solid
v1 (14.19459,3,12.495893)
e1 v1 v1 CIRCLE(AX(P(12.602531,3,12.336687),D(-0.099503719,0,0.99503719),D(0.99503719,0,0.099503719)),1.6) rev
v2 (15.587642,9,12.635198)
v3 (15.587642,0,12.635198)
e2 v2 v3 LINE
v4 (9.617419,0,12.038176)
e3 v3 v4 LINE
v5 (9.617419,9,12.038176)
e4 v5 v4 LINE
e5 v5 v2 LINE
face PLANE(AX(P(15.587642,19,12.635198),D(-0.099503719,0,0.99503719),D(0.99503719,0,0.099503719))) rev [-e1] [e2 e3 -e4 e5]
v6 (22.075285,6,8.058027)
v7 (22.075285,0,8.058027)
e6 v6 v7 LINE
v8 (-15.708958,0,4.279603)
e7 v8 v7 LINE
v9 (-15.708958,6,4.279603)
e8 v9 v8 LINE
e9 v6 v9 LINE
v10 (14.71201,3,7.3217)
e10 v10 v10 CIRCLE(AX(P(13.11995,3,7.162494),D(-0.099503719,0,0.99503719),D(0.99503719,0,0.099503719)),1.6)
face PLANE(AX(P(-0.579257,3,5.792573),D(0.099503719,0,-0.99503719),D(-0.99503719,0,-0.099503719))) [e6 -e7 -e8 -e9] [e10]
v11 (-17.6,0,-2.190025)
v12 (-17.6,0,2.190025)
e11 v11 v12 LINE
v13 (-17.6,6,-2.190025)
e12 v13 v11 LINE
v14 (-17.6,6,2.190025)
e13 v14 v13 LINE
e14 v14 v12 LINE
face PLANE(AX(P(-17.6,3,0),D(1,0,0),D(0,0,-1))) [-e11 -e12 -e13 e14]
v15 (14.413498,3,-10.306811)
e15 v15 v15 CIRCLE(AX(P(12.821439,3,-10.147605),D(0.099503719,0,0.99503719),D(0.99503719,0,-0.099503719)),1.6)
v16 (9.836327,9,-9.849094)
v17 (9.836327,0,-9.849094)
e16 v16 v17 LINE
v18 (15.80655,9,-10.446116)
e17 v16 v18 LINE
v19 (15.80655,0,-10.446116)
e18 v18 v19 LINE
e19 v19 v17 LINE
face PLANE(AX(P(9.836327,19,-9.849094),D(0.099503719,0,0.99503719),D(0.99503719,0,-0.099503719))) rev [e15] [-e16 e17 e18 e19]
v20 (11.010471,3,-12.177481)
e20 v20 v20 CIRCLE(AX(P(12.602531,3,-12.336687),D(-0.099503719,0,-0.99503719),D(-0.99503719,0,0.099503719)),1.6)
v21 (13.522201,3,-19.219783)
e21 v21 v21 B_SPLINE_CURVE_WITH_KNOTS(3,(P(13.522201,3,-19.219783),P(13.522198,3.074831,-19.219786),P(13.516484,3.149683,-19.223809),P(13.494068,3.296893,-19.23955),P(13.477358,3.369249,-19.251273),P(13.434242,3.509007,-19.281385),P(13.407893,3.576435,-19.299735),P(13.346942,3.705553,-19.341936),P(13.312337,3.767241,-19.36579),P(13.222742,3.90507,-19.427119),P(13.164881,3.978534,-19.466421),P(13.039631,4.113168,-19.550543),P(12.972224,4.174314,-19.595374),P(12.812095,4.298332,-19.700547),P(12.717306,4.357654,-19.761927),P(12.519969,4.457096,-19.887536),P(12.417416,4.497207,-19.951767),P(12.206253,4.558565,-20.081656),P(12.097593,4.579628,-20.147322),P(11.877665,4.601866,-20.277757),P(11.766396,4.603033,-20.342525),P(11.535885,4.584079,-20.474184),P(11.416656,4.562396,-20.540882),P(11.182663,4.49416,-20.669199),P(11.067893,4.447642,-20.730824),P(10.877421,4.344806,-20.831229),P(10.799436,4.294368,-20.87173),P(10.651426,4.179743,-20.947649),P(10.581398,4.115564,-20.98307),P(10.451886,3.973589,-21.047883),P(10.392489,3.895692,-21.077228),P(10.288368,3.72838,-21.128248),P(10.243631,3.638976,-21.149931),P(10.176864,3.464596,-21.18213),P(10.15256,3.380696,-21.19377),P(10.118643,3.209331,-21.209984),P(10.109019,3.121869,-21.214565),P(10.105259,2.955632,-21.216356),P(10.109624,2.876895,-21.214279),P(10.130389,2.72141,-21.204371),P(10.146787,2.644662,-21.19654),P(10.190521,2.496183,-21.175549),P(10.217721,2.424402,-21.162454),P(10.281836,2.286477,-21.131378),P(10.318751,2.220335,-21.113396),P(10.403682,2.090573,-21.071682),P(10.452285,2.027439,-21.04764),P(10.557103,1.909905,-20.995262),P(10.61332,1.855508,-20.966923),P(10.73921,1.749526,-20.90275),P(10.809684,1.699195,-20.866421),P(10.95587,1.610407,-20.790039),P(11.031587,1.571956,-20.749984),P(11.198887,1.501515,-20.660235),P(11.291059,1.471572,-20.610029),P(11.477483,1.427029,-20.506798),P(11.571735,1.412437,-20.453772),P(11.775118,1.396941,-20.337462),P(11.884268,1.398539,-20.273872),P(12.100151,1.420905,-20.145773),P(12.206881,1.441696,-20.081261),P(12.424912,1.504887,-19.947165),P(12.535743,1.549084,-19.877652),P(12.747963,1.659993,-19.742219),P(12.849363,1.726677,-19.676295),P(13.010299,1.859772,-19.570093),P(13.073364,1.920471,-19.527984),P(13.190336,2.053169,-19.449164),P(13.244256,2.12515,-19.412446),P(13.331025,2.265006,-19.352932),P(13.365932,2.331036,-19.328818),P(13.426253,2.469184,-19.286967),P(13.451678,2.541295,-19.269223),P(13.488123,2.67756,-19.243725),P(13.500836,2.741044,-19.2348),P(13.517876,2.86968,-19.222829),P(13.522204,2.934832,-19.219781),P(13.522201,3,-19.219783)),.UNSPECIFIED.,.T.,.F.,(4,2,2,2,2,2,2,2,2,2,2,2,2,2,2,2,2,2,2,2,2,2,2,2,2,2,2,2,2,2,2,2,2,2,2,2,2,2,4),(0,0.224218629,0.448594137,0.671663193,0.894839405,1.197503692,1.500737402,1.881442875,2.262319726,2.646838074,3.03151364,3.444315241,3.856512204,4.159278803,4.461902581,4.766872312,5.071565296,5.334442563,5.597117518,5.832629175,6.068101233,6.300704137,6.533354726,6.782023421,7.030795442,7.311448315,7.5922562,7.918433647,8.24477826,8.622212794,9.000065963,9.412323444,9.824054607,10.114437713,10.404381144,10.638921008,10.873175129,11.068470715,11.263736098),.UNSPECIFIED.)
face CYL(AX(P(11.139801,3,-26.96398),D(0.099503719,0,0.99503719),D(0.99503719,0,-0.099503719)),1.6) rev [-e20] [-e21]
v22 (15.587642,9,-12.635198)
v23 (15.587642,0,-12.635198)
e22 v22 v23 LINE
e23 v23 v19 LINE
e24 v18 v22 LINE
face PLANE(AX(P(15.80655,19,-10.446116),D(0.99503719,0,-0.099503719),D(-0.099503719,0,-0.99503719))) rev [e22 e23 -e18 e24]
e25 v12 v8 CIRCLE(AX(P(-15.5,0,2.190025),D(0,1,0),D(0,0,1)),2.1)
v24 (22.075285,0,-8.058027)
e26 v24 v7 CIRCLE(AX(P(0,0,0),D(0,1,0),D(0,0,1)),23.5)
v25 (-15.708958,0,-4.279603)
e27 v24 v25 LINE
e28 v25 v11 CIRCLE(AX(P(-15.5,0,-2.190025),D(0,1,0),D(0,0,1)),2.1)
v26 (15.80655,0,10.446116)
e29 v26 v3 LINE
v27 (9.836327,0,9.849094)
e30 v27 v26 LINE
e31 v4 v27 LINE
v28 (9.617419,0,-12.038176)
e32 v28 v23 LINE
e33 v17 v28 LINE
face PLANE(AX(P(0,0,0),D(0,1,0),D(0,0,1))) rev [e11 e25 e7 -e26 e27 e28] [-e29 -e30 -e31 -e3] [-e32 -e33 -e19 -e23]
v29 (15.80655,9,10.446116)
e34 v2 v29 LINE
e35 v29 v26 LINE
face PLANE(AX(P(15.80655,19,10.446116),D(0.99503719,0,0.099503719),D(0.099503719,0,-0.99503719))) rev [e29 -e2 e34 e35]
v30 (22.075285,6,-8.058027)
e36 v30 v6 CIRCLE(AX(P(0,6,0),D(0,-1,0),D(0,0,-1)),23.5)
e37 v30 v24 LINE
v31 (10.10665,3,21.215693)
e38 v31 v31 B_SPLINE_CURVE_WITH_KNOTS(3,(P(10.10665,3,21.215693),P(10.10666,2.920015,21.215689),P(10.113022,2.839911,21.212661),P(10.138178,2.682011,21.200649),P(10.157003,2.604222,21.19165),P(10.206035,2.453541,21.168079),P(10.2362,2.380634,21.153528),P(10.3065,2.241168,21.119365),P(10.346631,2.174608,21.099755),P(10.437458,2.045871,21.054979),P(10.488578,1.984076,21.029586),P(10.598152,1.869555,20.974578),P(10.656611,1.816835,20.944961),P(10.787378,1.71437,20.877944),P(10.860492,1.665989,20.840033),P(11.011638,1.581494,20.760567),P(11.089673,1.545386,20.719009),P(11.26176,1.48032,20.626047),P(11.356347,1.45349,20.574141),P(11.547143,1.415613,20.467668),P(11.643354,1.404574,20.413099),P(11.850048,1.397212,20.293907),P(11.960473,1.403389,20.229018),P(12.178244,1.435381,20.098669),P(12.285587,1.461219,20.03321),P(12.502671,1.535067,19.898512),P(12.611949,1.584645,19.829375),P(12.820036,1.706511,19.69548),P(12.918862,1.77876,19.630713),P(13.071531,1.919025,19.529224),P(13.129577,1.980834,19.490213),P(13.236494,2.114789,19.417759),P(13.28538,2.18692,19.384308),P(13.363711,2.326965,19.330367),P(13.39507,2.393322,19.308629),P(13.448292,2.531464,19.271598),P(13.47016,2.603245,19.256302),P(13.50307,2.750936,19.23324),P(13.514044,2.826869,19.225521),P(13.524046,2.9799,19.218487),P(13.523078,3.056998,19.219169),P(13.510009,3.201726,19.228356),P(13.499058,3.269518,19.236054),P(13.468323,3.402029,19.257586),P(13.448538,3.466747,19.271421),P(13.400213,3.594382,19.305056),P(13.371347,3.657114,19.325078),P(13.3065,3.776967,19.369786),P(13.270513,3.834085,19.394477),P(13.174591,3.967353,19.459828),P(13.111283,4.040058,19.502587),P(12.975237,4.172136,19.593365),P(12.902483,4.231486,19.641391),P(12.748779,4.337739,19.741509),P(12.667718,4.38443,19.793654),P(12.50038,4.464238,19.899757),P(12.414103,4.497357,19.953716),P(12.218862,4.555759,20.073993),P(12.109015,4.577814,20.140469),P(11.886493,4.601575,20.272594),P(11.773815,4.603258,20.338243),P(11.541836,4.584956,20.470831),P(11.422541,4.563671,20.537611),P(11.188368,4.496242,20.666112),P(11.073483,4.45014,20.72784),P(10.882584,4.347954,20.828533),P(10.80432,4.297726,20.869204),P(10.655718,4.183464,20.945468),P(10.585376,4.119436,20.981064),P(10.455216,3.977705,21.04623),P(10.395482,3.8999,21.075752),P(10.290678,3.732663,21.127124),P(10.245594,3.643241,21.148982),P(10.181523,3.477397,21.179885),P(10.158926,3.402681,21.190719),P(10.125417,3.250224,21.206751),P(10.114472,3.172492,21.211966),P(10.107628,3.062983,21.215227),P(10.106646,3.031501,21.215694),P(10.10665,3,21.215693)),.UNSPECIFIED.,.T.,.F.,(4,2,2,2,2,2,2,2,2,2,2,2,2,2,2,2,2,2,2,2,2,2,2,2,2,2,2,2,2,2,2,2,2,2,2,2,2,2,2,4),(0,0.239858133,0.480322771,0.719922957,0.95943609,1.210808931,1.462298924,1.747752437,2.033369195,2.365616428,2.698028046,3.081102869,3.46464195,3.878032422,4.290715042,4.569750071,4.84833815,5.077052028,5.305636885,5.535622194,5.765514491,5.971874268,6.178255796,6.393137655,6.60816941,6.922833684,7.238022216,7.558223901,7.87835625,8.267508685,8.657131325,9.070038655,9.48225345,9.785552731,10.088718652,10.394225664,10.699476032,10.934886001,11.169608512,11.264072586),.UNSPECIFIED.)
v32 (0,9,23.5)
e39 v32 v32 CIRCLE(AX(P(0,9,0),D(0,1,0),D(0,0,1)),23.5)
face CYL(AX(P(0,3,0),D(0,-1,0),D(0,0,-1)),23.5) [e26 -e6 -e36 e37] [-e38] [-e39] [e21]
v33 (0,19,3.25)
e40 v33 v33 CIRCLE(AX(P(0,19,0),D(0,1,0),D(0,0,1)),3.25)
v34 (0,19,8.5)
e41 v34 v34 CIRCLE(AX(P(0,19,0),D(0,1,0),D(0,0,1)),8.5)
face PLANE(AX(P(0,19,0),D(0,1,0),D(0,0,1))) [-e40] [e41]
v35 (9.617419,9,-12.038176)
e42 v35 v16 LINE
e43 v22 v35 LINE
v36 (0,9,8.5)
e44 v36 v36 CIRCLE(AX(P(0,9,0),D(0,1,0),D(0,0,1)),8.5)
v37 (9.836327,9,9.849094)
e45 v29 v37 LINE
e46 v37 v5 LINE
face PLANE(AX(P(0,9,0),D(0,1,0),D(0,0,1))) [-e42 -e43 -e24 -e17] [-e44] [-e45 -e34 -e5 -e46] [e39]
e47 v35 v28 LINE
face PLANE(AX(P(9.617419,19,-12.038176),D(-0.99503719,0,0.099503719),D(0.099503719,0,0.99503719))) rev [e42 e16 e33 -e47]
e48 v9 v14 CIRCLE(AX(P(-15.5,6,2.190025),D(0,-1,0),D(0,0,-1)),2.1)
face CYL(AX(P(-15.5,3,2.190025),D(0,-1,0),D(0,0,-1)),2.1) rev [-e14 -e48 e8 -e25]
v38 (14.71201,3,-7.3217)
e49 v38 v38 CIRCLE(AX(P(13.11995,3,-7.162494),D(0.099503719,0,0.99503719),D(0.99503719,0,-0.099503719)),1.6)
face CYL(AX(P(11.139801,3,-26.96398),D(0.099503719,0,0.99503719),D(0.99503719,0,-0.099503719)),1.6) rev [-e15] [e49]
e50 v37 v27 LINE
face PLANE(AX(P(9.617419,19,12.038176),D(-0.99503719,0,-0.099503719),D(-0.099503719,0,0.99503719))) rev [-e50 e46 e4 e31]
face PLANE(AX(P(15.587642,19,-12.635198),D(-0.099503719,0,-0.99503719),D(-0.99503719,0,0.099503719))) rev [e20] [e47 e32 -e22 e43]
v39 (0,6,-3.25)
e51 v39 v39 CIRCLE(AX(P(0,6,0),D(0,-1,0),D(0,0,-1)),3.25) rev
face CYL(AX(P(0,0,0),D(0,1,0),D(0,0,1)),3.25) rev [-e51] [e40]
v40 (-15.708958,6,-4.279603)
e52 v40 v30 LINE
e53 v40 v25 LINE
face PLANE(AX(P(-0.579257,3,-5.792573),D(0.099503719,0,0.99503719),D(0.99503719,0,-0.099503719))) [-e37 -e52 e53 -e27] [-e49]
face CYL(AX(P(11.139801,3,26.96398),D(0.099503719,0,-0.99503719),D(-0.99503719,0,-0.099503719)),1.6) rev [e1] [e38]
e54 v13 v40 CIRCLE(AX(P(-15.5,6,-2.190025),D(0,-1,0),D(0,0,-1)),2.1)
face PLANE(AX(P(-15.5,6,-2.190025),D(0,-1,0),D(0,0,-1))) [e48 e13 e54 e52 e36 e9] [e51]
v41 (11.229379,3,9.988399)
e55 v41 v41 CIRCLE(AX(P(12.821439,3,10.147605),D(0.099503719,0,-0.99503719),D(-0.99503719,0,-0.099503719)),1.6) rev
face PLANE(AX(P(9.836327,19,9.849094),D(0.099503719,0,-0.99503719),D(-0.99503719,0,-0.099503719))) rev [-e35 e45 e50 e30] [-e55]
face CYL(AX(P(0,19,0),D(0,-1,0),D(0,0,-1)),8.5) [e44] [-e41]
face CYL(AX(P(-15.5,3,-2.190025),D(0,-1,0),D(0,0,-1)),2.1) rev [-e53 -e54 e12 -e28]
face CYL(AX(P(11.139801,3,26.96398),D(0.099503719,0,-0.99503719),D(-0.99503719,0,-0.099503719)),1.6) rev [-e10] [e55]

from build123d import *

# Parameters (mm, degrees)
SKETCH_1_R          = 23.5
EXTRUDE_1_DEPTH     = 3
CUT_EXTRUDE_1_DEPTH = 3
SKETCH_2_R          = 23.5
EXTRUDE_2_DEPTH     = 6
SKETCH_3_R          = 8.5
EXTRUDE_3_DEPTH     = 10
SKETCH_4_R          = 3.25
CUT_EXTRUDE_2_DEPTH = 19
CUT_EXTRUDE_4_DEPTH = 3
CUT_EXTRUDE_5_DEPTH = 39.281849485
SKETCH_8_R          = 1.6
CUT_EXTRUDE_6_DEPTH = 43.413034161


with BuildPart() as part:
    # Эскиз1 → Бобышка-Вытянуть1 (new body)
    with BuildSketch(Plane(origin=(0, 0, 0), x_dir=(1, 0, 0), z_dir=(0, 1, 0))):
        Circle(SKETCH_1_R)
    extrude(amount=EXTRUDE_1_DEPTH)

    # Эскиз1<4> → Вырез-Вытянуть1 (cut)
    with BuildSketch(Plane(origin=(0, 0, 0), x_dir=(1, 0, 0), z_dir=(0, 1, 0))):
        with BuildLine():
            Line((22.075284758, 8.058027232), (-15.70895781, 4.279602975))
            ThreePointArc((-15.70895781, 4.279602975), (-17.05705032, 3.599136049), (-17.6, 2.190024876))
            Line((-17.6, 2.190024876), (-17.6, -2.190024876))
            ThreePointArc((-17.6, -2.190024876), (-17.05705032, -3.599136049), (-15.70895781, -4.279602975))
            Line((-15.70895781, -4.279602975), (22.075284758, -8.058027232))
            ThreePointArc((22.075284758, -8.058027232), (23.5, 0), (22.075284758, 8.058027232))
        make_face()
    extrude(amount=CUT_EXTRUDE_1_DEPTH, mode=Mode.SUBTRACT)

    # Эскиз2 → Бобышка-Вытянуть2 (add)
    with BuildSketch(Plane(origin=(0, 3, 0), x_dir=(1, 0, 0), z_dir=(0, 1, 0))):
        Circle(SKETCH_2_R)
    extrude(amount=EXTRUDE_2_DEPTH)

    # Эскиз3 → Бобышка-Вытянуть3 (add)
    with BuildSketch(Plane(origin=(0, 9, 0), x_dir=(1, 0, 0), z_dir=(0, 1, 0))):
        Circle(SKETCH_3_R)
    extrude(amount=EXTRUDE_3_DEPTH)

    # Эскиз4 → Вырез-Вытянуть2 (cut)
    with BuildSketch(Plane(origin=(0, 19, 0), x_dir=(1, 0, 0), z_dir=(0, 1, 0))):
        Circle(SKETCH_4_R)
    extrude(amount=-CUT_EXTRUDE_2_DEPTH, mode=Mode.SUBTRACT)

    # Эскиз6 → Вырез-Вытянуть4 (cut)
    with BuildSketch(Plane.XZ.offset(-3)):
        with BuildLine():
            Line((-15.70895781, -4.279602975), (22.075284758, -8.058027232))
            ThreePointArc((22.075284758, -8.058027232), (23.5, 0), (22.075284758, 8.058027232))
            Line((22.075284758, 8.058027232), (-15.70895781, 4.279602975))
            ThreePointArc((-15.70895781, 4.279602975), (-17.05705032, 3.599136049), (-17.6, 2.190024876))
            Line((-17.6, 2.190024876), (-17.6, -2.190024876))
            ThreePointArc((-17.6, -2.190024876), (-17.05705032, -3.599136049), (-15.70895781, -4.279602975))
        make_face()
    extrude(amount=-CUT_EXTRUDE_4_DEPTH, mode=Mode.SUBTRACT)

    # Эскиз7 → Вырез-Вытянуть5 (cut, through all)
    with BuildSketch(Plane.XZ):
        Polygon((9.836327318, 9.849094174), (15.806550459, 10.446116488), (15.587642277, 12.635198307), (9.617419136, 12.038175993), align=None)
        Polygon((9.617419136, -12.038175993), (9.836327318, -9.849094174), (15.806550459, -10.446116488), (15.587642277, -12.635198307), align=None)
    extrude(amount=-CUT_EXTRUDE_5_DEPTH, mode=Mode.SUBTRACT)

    # Эскиз8 → Вырез-Вытянуть6 (cut, through all)
    with BuildSketch(Plane(origin=(-0.579257303, 0, -5.792573026), x_dir=(0.9950371902099893, 0, -0.09950371902099871), z_dir=(0.09950371902099871, 0, 0.9950371902099893))):
        with Locations((13.767532996, 3)):
            Circle(SKETCH_8_R)
    cut_extrude_6 = extrude(amount=-CUT_EXTRUDE_6_DEPTH, mode=Mode.SUBTRACT)

    # Зеркальное отражение1: Вырез-Вытянуть6 across plane
    add(cut_extrude_6.mirror(Plane.XY), mode=Mode.SUBTRACT)


solid = part.part
